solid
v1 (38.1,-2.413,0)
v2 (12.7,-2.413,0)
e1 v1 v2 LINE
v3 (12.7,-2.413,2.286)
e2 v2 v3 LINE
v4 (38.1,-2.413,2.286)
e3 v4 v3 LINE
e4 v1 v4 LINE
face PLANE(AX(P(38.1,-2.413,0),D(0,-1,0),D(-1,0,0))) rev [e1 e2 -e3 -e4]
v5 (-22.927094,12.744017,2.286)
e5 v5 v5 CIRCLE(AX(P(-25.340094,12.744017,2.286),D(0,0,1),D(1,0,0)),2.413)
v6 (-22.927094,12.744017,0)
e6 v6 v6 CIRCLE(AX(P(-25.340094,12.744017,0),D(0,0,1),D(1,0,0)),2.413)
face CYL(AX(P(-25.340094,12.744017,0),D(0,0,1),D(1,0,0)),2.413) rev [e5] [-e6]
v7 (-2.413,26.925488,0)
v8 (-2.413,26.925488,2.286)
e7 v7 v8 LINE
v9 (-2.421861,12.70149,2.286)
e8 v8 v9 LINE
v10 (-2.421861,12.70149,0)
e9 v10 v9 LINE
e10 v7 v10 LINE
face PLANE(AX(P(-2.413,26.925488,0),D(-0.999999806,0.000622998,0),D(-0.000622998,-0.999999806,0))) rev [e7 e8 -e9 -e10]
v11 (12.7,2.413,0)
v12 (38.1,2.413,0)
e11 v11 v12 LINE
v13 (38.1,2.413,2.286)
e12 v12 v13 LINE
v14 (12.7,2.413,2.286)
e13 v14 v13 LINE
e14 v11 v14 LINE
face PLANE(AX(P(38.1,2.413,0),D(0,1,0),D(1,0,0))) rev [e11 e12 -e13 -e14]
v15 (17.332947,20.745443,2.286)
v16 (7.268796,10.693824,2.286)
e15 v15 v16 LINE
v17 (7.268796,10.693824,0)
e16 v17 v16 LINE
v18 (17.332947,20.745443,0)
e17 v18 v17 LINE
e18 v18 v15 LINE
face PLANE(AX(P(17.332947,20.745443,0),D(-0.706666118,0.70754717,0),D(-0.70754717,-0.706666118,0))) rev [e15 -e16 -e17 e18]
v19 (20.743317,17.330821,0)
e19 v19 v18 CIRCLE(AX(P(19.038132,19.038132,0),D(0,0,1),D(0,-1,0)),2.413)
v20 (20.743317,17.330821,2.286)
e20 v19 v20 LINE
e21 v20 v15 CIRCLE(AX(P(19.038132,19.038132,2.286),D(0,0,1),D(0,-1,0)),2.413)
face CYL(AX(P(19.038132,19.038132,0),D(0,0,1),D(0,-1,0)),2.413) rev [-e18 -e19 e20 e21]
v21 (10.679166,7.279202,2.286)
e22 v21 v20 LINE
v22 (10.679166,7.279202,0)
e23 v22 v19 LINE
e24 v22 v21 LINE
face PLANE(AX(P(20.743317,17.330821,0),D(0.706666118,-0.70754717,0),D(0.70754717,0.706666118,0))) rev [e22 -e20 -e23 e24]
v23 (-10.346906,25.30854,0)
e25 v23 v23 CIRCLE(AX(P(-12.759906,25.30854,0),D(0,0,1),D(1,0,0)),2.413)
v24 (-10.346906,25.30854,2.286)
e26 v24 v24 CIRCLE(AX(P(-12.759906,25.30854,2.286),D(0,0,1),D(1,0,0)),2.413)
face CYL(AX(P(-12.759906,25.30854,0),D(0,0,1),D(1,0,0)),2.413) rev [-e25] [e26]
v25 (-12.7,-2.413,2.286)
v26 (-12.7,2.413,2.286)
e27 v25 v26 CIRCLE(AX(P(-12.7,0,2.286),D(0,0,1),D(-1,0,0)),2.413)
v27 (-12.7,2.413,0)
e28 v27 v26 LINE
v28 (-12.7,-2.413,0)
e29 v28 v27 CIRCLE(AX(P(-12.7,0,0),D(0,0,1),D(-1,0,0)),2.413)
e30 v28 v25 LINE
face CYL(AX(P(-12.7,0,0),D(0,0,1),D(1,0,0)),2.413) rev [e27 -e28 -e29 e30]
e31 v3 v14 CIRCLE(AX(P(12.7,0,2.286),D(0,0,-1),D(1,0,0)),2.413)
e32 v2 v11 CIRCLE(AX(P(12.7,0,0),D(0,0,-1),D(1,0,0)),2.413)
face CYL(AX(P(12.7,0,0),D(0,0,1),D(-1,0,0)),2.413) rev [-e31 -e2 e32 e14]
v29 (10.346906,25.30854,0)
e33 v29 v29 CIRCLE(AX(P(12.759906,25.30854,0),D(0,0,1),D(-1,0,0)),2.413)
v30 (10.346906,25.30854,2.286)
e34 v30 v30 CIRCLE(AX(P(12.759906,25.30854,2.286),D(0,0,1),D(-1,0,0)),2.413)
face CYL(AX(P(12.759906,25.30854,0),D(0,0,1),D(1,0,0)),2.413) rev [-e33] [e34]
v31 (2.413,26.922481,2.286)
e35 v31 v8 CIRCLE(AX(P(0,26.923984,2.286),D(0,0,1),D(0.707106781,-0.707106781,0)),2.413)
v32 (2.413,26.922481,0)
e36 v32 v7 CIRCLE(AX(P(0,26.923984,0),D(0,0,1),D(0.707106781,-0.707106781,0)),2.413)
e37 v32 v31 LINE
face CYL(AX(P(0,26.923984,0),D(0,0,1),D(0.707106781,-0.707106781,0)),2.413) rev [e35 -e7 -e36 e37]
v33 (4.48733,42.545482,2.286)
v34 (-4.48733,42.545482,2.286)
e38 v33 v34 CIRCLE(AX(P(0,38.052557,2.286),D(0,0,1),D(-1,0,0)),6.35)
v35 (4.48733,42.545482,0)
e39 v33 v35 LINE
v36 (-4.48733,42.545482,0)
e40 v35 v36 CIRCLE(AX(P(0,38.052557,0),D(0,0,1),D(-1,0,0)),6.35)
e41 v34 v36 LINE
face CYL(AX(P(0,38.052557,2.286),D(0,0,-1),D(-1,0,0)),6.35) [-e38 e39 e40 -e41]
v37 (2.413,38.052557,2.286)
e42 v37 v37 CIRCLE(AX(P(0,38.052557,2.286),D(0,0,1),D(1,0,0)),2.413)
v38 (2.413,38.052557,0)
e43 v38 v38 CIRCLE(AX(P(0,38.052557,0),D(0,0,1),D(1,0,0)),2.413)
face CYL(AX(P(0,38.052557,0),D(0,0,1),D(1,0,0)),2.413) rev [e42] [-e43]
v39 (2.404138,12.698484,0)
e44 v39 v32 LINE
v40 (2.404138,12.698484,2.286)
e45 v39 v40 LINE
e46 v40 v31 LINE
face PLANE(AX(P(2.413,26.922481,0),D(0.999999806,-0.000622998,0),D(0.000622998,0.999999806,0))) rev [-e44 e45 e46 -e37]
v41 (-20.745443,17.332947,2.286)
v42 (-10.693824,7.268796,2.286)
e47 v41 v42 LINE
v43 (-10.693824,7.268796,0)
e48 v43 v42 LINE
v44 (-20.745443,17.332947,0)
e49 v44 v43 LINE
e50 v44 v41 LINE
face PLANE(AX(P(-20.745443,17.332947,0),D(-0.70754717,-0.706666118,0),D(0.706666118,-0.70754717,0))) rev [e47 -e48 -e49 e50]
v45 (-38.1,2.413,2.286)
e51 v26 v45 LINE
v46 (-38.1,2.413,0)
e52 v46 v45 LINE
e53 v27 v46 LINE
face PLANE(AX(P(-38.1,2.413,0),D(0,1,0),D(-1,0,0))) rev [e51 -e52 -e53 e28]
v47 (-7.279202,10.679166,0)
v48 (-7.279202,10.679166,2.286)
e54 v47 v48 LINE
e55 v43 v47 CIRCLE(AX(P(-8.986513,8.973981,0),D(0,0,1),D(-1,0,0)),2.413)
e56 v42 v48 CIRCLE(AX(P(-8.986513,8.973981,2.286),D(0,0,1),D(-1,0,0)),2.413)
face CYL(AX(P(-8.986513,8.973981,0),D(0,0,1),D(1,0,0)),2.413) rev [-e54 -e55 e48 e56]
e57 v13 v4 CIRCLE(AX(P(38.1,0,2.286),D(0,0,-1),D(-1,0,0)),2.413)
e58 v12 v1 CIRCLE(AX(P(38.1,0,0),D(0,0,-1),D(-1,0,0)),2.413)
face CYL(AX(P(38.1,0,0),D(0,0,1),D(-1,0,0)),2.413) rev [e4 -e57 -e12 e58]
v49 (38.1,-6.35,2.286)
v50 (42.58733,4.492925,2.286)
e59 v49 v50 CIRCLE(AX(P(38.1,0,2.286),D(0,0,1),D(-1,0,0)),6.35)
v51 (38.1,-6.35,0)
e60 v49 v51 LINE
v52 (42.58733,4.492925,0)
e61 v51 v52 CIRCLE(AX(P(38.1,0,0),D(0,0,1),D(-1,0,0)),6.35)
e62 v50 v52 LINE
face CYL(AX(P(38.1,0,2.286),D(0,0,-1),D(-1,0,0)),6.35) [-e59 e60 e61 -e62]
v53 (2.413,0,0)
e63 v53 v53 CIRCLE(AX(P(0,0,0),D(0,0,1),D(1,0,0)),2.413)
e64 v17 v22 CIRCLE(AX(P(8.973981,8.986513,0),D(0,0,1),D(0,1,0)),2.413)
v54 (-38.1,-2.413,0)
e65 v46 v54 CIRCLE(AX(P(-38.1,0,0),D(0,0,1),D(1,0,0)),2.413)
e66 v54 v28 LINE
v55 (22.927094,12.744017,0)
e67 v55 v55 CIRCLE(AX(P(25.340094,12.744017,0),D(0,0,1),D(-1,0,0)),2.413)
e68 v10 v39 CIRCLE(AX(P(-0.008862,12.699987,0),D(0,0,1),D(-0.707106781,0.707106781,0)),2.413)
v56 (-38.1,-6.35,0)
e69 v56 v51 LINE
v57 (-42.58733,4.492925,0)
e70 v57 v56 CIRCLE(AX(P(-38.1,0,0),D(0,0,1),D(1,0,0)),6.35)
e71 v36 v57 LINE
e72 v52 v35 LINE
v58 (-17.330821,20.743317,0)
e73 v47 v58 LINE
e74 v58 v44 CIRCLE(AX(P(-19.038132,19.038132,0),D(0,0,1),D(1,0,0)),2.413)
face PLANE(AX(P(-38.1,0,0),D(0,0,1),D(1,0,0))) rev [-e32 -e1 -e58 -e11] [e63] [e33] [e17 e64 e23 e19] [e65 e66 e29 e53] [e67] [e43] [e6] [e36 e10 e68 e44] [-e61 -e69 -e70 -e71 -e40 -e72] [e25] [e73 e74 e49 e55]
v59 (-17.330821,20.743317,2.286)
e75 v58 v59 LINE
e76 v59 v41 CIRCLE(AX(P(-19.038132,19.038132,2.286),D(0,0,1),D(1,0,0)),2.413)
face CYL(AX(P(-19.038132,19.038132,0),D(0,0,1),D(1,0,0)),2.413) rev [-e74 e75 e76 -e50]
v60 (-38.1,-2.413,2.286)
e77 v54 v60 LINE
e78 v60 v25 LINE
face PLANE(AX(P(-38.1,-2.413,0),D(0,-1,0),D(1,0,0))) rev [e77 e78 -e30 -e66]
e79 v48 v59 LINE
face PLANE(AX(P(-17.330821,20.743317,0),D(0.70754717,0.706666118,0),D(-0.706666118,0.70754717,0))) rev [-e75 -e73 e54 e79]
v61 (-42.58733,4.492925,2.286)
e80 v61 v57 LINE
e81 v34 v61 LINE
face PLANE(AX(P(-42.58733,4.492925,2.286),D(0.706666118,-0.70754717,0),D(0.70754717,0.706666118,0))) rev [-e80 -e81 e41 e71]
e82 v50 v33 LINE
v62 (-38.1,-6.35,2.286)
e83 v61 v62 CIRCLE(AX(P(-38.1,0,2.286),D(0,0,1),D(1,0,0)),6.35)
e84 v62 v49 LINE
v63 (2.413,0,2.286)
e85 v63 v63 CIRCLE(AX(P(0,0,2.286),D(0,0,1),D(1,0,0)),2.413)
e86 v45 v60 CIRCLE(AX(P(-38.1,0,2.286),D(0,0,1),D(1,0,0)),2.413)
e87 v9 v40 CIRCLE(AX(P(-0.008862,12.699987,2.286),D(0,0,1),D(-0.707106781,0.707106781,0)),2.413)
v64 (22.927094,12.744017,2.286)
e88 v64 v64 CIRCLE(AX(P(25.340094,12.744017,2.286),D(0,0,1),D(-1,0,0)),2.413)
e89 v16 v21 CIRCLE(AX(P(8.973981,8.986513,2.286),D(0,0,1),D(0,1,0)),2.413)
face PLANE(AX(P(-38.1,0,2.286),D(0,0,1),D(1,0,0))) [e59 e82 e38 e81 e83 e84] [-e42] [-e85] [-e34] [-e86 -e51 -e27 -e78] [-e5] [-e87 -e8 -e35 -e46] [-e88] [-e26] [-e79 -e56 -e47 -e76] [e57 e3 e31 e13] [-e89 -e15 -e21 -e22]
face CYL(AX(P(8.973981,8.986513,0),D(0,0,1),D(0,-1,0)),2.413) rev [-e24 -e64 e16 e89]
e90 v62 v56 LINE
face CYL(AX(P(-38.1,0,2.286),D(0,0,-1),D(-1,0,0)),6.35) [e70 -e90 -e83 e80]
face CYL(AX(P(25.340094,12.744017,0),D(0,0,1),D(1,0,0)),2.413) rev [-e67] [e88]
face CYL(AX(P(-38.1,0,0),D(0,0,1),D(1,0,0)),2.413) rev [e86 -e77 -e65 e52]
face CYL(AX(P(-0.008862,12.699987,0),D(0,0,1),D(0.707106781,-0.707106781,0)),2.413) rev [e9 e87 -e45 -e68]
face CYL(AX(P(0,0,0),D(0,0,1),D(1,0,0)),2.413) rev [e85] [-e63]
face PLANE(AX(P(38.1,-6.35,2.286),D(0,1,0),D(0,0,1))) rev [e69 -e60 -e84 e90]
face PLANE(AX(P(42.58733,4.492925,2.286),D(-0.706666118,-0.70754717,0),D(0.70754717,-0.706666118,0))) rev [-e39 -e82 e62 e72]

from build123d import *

# Parameters (mm, degrees)
BOSS_EXTRUDE1_DEPTH = 2.286
SKETCH2_R           = 2.413
CUT_EXTRUDE1_DEPTH  = 3.286
CUT_EXTRUDE2_DEPTH  = 3.286
CUT_EXTRUDE3_DEPTH  = 3.286
CIRPATTERN1_COUNT   = 3
CIRPATTERN1_ANGLE   = 90


with BuildPart() as part:
    # Sketch1 → Boss-Extrude1 (new body)
    with BuildSketch(Plane.XY):
        with BuildLine():
            Line((-42.58732985, 4.492924528), (-4.48732985, 42.545481657))
            ThreePointArc((-4.48732985, 42.545481657), (0, 44.402557128), (4.48732985, 42.545481657))
            Line((4.48732985, 42.545481657), (42.58732985, 4.492924528))
            ThreePointArc((42.58732985, 4.492924528), (43.967391701, -2.428212228), (38.1, -6.35))
            Line((38.1, -6.35), (-38.1, -6.35))
            ThreePointArc((-38.1, -6.35), (-43.967391701, -2.428212228), (-42.58732985, 4.492924528))
        make_face()
    extrude(amount=BOSS_EXTRUDE1_DEPTH)

    # Sketch2 → Cut-Extrude1 (cut, through all)
    with BuildSketch(Plane.XY.offset(2.286)):
        Circle(SKETCH2_R)
        with Locations((0, 38.052557128)):
            Circle(SKETCH2_R)
        with Locations((-25.34009434, 12.744016774)):
            Circle(SKETCH2_R)
        with Locations((25.34009434, 12.744016774)):
            Circle(SKETCH2_R)
        with Locations((-12.75990566, 25.308540354)):
            Circle(SKETCH2_R)
        with Locations((12.75990566, 25.308540354)):
            Circle(SKETCH2_R)
    extrude(amount=-CUT_EXTRUDE1_DEPTH, mode=Mode.SUBTRACT)

    # Sketch3 → Cut-Extrude2 (cut, through all)
    with BuildSketch(Plane.XY.offset(2.286)):
        with BuildLine():
            Line((-38.1, 2.413), (-12.7, 2.413))
            ThreePointArc((-12.7, 2.413), (-10.287, 0), (-12.7, -2.413))
            Line((-12.7, -2.413), (-38.1, -2.413))
            ThreePointArc((-38.1, -2.413), (-40.513, 0), (-38.1, 2.413))
        make_face()
    cut_extrude2 = extrude(amount=-CUT_EXTRUDE2_DEPTH, mode=Mode.SUBTRACT)

    # Mirror1: Cut-Extrude2 across plane
    add(cut_extrude2.mirror(Plane(origin=(0, 0, 0), x_dir=(0, 0, 1), z_dir=(1, 0, 0))), mode=Mode.SUBTRACT)

    # Sketch4 → Cut-Extrude3 (cut, through all)
    with BuildSketch(Plane.XY.offset(2.286)):
        with BuildLine():
            Line((-20.745443214, 17.33294655), (-10.69382435, 7.268795606))
            ThreePointArc((-10.69382435, 7.268795606), (-7.281327686, 7.266669629), (-7.279201708, 10.679166292))
            Line((-7.279201708, 10.679166292), (-17.330820572, 20.743317236))
            ThreePointArc((-17.330820572, 20.743317236), (-20.743317236, 20.745443214), (-20.745443214, 17.33294655))
        make_face()
    cut_extrude3 = extrude(amount=-CUT_EXTRUDE3_DEPTH, mode=Mode.SUBTRACT)

    # CirPattern1: Cut-Extrude3 ×3 about axis
    cirpattern1_axis = Axis((0, 0, 0), (0, 0, -1))
    for i in range(1, CIRPATTERN1_COUNT):
        add(cut_extrude3.rotate(cirpattern1_axis, i * CIRPATTERN1_ANGLE / (CIRPATTERN1_COUNT - 1)), mode=Mode.SUBTRACT)


solid = part.part
